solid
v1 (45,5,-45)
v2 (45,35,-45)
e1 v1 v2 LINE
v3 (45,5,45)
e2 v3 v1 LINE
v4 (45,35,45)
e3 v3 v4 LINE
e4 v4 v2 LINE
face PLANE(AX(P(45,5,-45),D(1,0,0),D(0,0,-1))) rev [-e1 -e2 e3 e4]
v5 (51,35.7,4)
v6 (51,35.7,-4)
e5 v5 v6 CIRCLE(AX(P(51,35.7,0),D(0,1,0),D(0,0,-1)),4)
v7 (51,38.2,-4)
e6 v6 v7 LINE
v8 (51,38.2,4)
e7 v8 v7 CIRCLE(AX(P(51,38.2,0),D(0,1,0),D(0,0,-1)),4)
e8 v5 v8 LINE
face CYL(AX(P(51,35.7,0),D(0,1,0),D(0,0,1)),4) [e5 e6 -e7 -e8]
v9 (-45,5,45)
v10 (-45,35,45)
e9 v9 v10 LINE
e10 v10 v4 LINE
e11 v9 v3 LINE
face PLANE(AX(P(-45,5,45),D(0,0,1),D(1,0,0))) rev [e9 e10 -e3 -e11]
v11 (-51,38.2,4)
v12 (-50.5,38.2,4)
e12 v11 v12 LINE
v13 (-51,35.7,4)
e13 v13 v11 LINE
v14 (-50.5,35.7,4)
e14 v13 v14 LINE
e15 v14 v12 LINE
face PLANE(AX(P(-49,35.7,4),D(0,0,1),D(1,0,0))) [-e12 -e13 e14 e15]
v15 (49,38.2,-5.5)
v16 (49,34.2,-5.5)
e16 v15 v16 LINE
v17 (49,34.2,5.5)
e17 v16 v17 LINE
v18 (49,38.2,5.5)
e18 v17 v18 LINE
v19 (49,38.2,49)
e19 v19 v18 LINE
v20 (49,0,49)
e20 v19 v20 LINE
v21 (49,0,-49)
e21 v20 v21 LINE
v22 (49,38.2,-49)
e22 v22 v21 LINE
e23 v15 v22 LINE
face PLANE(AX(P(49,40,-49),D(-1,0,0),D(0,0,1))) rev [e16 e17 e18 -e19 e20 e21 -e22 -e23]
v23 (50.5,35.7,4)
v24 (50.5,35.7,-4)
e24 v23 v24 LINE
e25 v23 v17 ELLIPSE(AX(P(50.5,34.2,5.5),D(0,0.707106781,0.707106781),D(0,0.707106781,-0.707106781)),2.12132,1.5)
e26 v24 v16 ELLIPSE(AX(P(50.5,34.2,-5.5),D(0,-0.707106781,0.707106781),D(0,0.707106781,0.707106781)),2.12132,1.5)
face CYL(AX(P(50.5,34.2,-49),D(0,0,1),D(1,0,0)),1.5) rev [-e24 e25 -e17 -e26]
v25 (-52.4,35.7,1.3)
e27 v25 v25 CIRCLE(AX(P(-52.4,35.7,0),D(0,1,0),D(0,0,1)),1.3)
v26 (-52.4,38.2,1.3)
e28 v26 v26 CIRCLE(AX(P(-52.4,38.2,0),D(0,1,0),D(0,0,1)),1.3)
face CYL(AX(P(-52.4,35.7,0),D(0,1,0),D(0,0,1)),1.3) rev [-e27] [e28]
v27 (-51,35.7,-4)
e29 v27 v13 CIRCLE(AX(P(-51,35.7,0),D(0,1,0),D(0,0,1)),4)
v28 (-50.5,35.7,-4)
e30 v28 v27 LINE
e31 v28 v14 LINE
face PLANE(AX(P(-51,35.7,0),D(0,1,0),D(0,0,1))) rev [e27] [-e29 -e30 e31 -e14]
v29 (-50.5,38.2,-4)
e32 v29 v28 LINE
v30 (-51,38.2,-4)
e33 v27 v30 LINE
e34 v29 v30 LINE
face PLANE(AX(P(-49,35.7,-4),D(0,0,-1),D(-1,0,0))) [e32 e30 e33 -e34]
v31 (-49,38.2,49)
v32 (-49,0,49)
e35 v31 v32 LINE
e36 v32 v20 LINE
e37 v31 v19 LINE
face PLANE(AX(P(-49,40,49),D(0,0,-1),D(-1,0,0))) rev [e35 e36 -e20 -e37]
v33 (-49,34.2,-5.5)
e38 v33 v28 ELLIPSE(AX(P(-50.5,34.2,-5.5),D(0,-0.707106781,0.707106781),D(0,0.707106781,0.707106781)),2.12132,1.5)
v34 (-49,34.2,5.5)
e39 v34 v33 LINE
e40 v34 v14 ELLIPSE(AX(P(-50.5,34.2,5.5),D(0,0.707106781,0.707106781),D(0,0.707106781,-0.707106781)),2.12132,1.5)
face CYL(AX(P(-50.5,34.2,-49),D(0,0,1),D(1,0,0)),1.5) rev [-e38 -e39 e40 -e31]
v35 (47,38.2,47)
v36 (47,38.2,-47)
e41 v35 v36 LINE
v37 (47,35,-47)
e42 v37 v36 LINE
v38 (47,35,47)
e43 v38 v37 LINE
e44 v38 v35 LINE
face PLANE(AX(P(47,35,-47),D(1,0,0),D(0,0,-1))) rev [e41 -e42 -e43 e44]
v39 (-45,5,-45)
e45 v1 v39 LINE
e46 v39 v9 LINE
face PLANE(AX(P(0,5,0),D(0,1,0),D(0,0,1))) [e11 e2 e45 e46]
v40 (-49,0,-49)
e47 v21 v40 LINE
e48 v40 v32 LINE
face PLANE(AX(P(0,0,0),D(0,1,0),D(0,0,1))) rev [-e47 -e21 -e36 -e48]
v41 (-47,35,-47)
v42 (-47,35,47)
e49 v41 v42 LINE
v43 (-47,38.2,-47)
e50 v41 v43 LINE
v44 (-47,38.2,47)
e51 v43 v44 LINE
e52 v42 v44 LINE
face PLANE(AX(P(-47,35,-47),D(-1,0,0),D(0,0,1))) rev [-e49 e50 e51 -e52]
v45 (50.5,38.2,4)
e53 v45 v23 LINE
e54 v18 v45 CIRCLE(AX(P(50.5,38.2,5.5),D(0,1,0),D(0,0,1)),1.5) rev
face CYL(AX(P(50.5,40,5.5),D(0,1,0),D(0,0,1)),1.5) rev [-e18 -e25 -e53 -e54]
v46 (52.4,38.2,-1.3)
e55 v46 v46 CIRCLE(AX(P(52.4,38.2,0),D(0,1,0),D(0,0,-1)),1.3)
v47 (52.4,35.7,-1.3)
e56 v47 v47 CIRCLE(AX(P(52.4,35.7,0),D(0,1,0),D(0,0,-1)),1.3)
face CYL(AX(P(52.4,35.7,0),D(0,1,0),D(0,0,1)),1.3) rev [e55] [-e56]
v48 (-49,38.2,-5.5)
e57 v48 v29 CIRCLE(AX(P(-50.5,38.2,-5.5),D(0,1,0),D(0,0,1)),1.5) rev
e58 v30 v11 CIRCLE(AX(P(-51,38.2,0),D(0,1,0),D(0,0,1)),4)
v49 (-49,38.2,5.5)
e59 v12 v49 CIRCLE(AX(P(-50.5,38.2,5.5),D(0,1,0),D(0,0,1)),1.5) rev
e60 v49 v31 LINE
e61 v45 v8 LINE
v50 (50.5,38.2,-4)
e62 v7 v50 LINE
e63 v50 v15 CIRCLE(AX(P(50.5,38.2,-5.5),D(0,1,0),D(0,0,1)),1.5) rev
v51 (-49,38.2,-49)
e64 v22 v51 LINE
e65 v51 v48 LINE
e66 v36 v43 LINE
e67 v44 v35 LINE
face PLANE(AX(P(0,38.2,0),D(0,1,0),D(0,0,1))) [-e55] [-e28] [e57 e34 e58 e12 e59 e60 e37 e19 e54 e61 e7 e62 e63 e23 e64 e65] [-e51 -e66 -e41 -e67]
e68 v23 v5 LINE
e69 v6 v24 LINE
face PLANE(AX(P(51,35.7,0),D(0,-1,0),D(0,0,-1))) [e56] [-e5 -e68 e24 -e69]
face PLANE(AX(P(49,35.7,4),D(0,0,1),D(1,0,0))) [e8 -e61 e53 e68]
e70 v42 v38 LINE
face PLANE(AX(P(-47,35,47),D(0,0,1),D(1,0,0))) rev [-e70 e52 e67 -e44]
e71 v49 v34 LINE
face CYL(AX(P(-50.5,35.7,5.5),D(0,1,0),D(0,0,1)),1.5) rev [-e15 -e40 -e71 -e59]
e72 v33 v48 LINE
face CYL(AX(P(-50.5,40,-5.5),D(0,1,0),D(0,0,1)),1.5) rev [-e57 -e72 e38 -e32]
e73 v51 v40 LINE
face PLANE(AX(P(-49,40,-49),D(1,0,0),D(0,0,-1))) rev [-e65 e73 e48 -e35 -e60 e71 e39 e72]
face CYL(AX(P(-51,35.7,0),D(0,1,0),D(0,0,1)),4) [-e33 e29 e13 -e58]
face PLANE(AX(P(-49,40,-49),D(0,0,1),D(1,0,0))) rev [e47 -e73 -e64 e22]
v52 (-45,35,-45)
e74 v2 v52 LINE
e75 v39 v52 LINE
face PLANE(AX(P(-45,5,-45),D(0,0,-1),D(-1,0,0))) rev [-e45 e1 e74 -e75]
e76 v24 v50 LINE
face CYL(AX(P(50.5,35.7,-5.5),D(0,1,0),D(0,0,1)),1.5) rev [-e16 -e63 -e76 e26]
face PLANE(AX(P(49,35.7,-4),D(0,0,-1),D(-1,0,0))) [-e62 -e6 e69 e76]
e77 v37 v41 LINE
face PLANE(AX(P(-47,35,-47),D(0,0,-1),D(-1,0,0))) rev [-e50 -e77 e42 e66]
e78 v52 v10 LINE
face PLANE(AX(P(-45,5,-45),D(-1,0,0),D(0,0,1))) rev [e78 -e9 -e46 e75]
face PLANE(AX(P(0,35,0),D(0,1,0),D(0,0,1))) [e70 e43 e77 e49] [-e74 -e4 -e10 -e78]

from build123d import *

# Parameters (mm, degrees)
SKETCH1_W           = 98
SKETCH1_H           = 98
BOSS_EXTRUDE1_DEPTH = 40
SKETCH2_W           = 94
SKETCH2_H           = 94
CUT_EXTRUDE1_DEPTH  = 5
SKETCH3_W           = 90
SKETCH3_H           = 90
CUT_EXTRUDE2_DEPTH  = 30
SKETCH4_W           = 98
SKETCH4_H           = 98
SKETCH4_W_2         = 94
SKETCH4_H_2         = 94
CUT_EXTRUDE3_DEPTH  = 1.8
SKETCH5_R           = 1.3
BOSS_EXTRUDE2_DEPTH = 2.5
FILLET1_R           = 1.5
FILLET2_R           = 1.5


with BuildPart() as part:
    # Sketch1 → Boss-Extrude1 (new body)
    with BuildSketch(Plane(origin=(0, 0, 0), x_dir=(1, 0, 0), z_dir=(0, 1, 0))):
        Rectangle(SKETCH1_W, SKETCH1_H)
    extrude(amount=BOSS_EXTRUDE1_DEPTH)

    # Sketch2 → Cut-Extrude1 (cut)
    with BuildSketch(Plane(origin=(0, 40, 0), x_dir=(1, 0, 0), z_dir=(0, 1, 0))):
        Rectangle(SKETCH2_W, SKETCH2_H)
    extrude(amount=-CUT_EXTRUDE1_DEPTH, mode=Mode.SUBTRACT)

    # Sketch3 → Cut-Extrude2 (cut)
    with BuildSketch(Plane(origin=(0, 35, 0), x_dir=(1, 0, 0), z_dir=(0, 1, 0))):
        Rectangle(SKETCH3_W, SKETCH3_H)
    extrude(amount=-CUT_EXTRUDE2_DEPTH, mode=Mode.SUBTRACT)

    # Sketch4 → Cut-Extrude3 (cut)
    with BuildSketch(Plane(origin=(0, 40, 0), x_dir=(1, 0, 0), z_dir=(0, 1, 0))):
        Rectangle(SKETCH4_W, SKETCH4_H)
        Rectangle(SKETCH4_W_2, SKETCH4_H_2, mode=Mode.SUBTRACT)
    extrude(amount=-CUT_EXTRUDE3_DEPTH, mode=Mode.SUBTRACT)

    # Sketch5 → Boss-Extrude2 (add)
    with BuildSketch(Plane(origin=(0, 38.2, 0), x_dir=(1, 0, 0), z_dir=(0, 1, 0))):
        with BuildLine():
            Line((-49, 4), (-51, 4))
            ThreePointArc((-51, 4), (-55, 0), (-51, -4))
            Line((-51, -4), (-49, -4))
            Line((-49, -4), (-49, 4))
        make_face()
        with Locations((-52.4, 0)):
            Circle(SKETCH5_R, mode=Mode.SUBTRACT)
        with BuildLine():
            Line((49, 4), (49, -4))
            Line((49, -4), (51, -4))
            ThreePointArc((51, -4), (55, 0), (51, 4))
            Line((51, 4), (49, 4))
        make_face()
        with Locations((52.4, 0)):
            Circle(SKETCH5_R, mode=Mode.SUBTRACT)
    extrude(amount=-BOSS_EXTRUDE2_DEPTH)

    # Fillet1
    fillet1_edges = [part.edges().sort_by_distance(p)[0] for p in [
        (-49, 35.7, 0),
        (-49, 36.95, -4),
        (-49, 36.95, 4),
    ]]
    fillet(fillet1_edges, radius=FILLET1_R)

    # Fillet2
    fillet2_edges = [part.edges().sort_by_distance(p)[0] for p in [
        (49, 36.95, -4),
        (49, 35.7, 0),
        (49, 36.95, 4),
    ]]
    fillet(fillet2_edges, radius=FILLET2_R)


solid = part.part
